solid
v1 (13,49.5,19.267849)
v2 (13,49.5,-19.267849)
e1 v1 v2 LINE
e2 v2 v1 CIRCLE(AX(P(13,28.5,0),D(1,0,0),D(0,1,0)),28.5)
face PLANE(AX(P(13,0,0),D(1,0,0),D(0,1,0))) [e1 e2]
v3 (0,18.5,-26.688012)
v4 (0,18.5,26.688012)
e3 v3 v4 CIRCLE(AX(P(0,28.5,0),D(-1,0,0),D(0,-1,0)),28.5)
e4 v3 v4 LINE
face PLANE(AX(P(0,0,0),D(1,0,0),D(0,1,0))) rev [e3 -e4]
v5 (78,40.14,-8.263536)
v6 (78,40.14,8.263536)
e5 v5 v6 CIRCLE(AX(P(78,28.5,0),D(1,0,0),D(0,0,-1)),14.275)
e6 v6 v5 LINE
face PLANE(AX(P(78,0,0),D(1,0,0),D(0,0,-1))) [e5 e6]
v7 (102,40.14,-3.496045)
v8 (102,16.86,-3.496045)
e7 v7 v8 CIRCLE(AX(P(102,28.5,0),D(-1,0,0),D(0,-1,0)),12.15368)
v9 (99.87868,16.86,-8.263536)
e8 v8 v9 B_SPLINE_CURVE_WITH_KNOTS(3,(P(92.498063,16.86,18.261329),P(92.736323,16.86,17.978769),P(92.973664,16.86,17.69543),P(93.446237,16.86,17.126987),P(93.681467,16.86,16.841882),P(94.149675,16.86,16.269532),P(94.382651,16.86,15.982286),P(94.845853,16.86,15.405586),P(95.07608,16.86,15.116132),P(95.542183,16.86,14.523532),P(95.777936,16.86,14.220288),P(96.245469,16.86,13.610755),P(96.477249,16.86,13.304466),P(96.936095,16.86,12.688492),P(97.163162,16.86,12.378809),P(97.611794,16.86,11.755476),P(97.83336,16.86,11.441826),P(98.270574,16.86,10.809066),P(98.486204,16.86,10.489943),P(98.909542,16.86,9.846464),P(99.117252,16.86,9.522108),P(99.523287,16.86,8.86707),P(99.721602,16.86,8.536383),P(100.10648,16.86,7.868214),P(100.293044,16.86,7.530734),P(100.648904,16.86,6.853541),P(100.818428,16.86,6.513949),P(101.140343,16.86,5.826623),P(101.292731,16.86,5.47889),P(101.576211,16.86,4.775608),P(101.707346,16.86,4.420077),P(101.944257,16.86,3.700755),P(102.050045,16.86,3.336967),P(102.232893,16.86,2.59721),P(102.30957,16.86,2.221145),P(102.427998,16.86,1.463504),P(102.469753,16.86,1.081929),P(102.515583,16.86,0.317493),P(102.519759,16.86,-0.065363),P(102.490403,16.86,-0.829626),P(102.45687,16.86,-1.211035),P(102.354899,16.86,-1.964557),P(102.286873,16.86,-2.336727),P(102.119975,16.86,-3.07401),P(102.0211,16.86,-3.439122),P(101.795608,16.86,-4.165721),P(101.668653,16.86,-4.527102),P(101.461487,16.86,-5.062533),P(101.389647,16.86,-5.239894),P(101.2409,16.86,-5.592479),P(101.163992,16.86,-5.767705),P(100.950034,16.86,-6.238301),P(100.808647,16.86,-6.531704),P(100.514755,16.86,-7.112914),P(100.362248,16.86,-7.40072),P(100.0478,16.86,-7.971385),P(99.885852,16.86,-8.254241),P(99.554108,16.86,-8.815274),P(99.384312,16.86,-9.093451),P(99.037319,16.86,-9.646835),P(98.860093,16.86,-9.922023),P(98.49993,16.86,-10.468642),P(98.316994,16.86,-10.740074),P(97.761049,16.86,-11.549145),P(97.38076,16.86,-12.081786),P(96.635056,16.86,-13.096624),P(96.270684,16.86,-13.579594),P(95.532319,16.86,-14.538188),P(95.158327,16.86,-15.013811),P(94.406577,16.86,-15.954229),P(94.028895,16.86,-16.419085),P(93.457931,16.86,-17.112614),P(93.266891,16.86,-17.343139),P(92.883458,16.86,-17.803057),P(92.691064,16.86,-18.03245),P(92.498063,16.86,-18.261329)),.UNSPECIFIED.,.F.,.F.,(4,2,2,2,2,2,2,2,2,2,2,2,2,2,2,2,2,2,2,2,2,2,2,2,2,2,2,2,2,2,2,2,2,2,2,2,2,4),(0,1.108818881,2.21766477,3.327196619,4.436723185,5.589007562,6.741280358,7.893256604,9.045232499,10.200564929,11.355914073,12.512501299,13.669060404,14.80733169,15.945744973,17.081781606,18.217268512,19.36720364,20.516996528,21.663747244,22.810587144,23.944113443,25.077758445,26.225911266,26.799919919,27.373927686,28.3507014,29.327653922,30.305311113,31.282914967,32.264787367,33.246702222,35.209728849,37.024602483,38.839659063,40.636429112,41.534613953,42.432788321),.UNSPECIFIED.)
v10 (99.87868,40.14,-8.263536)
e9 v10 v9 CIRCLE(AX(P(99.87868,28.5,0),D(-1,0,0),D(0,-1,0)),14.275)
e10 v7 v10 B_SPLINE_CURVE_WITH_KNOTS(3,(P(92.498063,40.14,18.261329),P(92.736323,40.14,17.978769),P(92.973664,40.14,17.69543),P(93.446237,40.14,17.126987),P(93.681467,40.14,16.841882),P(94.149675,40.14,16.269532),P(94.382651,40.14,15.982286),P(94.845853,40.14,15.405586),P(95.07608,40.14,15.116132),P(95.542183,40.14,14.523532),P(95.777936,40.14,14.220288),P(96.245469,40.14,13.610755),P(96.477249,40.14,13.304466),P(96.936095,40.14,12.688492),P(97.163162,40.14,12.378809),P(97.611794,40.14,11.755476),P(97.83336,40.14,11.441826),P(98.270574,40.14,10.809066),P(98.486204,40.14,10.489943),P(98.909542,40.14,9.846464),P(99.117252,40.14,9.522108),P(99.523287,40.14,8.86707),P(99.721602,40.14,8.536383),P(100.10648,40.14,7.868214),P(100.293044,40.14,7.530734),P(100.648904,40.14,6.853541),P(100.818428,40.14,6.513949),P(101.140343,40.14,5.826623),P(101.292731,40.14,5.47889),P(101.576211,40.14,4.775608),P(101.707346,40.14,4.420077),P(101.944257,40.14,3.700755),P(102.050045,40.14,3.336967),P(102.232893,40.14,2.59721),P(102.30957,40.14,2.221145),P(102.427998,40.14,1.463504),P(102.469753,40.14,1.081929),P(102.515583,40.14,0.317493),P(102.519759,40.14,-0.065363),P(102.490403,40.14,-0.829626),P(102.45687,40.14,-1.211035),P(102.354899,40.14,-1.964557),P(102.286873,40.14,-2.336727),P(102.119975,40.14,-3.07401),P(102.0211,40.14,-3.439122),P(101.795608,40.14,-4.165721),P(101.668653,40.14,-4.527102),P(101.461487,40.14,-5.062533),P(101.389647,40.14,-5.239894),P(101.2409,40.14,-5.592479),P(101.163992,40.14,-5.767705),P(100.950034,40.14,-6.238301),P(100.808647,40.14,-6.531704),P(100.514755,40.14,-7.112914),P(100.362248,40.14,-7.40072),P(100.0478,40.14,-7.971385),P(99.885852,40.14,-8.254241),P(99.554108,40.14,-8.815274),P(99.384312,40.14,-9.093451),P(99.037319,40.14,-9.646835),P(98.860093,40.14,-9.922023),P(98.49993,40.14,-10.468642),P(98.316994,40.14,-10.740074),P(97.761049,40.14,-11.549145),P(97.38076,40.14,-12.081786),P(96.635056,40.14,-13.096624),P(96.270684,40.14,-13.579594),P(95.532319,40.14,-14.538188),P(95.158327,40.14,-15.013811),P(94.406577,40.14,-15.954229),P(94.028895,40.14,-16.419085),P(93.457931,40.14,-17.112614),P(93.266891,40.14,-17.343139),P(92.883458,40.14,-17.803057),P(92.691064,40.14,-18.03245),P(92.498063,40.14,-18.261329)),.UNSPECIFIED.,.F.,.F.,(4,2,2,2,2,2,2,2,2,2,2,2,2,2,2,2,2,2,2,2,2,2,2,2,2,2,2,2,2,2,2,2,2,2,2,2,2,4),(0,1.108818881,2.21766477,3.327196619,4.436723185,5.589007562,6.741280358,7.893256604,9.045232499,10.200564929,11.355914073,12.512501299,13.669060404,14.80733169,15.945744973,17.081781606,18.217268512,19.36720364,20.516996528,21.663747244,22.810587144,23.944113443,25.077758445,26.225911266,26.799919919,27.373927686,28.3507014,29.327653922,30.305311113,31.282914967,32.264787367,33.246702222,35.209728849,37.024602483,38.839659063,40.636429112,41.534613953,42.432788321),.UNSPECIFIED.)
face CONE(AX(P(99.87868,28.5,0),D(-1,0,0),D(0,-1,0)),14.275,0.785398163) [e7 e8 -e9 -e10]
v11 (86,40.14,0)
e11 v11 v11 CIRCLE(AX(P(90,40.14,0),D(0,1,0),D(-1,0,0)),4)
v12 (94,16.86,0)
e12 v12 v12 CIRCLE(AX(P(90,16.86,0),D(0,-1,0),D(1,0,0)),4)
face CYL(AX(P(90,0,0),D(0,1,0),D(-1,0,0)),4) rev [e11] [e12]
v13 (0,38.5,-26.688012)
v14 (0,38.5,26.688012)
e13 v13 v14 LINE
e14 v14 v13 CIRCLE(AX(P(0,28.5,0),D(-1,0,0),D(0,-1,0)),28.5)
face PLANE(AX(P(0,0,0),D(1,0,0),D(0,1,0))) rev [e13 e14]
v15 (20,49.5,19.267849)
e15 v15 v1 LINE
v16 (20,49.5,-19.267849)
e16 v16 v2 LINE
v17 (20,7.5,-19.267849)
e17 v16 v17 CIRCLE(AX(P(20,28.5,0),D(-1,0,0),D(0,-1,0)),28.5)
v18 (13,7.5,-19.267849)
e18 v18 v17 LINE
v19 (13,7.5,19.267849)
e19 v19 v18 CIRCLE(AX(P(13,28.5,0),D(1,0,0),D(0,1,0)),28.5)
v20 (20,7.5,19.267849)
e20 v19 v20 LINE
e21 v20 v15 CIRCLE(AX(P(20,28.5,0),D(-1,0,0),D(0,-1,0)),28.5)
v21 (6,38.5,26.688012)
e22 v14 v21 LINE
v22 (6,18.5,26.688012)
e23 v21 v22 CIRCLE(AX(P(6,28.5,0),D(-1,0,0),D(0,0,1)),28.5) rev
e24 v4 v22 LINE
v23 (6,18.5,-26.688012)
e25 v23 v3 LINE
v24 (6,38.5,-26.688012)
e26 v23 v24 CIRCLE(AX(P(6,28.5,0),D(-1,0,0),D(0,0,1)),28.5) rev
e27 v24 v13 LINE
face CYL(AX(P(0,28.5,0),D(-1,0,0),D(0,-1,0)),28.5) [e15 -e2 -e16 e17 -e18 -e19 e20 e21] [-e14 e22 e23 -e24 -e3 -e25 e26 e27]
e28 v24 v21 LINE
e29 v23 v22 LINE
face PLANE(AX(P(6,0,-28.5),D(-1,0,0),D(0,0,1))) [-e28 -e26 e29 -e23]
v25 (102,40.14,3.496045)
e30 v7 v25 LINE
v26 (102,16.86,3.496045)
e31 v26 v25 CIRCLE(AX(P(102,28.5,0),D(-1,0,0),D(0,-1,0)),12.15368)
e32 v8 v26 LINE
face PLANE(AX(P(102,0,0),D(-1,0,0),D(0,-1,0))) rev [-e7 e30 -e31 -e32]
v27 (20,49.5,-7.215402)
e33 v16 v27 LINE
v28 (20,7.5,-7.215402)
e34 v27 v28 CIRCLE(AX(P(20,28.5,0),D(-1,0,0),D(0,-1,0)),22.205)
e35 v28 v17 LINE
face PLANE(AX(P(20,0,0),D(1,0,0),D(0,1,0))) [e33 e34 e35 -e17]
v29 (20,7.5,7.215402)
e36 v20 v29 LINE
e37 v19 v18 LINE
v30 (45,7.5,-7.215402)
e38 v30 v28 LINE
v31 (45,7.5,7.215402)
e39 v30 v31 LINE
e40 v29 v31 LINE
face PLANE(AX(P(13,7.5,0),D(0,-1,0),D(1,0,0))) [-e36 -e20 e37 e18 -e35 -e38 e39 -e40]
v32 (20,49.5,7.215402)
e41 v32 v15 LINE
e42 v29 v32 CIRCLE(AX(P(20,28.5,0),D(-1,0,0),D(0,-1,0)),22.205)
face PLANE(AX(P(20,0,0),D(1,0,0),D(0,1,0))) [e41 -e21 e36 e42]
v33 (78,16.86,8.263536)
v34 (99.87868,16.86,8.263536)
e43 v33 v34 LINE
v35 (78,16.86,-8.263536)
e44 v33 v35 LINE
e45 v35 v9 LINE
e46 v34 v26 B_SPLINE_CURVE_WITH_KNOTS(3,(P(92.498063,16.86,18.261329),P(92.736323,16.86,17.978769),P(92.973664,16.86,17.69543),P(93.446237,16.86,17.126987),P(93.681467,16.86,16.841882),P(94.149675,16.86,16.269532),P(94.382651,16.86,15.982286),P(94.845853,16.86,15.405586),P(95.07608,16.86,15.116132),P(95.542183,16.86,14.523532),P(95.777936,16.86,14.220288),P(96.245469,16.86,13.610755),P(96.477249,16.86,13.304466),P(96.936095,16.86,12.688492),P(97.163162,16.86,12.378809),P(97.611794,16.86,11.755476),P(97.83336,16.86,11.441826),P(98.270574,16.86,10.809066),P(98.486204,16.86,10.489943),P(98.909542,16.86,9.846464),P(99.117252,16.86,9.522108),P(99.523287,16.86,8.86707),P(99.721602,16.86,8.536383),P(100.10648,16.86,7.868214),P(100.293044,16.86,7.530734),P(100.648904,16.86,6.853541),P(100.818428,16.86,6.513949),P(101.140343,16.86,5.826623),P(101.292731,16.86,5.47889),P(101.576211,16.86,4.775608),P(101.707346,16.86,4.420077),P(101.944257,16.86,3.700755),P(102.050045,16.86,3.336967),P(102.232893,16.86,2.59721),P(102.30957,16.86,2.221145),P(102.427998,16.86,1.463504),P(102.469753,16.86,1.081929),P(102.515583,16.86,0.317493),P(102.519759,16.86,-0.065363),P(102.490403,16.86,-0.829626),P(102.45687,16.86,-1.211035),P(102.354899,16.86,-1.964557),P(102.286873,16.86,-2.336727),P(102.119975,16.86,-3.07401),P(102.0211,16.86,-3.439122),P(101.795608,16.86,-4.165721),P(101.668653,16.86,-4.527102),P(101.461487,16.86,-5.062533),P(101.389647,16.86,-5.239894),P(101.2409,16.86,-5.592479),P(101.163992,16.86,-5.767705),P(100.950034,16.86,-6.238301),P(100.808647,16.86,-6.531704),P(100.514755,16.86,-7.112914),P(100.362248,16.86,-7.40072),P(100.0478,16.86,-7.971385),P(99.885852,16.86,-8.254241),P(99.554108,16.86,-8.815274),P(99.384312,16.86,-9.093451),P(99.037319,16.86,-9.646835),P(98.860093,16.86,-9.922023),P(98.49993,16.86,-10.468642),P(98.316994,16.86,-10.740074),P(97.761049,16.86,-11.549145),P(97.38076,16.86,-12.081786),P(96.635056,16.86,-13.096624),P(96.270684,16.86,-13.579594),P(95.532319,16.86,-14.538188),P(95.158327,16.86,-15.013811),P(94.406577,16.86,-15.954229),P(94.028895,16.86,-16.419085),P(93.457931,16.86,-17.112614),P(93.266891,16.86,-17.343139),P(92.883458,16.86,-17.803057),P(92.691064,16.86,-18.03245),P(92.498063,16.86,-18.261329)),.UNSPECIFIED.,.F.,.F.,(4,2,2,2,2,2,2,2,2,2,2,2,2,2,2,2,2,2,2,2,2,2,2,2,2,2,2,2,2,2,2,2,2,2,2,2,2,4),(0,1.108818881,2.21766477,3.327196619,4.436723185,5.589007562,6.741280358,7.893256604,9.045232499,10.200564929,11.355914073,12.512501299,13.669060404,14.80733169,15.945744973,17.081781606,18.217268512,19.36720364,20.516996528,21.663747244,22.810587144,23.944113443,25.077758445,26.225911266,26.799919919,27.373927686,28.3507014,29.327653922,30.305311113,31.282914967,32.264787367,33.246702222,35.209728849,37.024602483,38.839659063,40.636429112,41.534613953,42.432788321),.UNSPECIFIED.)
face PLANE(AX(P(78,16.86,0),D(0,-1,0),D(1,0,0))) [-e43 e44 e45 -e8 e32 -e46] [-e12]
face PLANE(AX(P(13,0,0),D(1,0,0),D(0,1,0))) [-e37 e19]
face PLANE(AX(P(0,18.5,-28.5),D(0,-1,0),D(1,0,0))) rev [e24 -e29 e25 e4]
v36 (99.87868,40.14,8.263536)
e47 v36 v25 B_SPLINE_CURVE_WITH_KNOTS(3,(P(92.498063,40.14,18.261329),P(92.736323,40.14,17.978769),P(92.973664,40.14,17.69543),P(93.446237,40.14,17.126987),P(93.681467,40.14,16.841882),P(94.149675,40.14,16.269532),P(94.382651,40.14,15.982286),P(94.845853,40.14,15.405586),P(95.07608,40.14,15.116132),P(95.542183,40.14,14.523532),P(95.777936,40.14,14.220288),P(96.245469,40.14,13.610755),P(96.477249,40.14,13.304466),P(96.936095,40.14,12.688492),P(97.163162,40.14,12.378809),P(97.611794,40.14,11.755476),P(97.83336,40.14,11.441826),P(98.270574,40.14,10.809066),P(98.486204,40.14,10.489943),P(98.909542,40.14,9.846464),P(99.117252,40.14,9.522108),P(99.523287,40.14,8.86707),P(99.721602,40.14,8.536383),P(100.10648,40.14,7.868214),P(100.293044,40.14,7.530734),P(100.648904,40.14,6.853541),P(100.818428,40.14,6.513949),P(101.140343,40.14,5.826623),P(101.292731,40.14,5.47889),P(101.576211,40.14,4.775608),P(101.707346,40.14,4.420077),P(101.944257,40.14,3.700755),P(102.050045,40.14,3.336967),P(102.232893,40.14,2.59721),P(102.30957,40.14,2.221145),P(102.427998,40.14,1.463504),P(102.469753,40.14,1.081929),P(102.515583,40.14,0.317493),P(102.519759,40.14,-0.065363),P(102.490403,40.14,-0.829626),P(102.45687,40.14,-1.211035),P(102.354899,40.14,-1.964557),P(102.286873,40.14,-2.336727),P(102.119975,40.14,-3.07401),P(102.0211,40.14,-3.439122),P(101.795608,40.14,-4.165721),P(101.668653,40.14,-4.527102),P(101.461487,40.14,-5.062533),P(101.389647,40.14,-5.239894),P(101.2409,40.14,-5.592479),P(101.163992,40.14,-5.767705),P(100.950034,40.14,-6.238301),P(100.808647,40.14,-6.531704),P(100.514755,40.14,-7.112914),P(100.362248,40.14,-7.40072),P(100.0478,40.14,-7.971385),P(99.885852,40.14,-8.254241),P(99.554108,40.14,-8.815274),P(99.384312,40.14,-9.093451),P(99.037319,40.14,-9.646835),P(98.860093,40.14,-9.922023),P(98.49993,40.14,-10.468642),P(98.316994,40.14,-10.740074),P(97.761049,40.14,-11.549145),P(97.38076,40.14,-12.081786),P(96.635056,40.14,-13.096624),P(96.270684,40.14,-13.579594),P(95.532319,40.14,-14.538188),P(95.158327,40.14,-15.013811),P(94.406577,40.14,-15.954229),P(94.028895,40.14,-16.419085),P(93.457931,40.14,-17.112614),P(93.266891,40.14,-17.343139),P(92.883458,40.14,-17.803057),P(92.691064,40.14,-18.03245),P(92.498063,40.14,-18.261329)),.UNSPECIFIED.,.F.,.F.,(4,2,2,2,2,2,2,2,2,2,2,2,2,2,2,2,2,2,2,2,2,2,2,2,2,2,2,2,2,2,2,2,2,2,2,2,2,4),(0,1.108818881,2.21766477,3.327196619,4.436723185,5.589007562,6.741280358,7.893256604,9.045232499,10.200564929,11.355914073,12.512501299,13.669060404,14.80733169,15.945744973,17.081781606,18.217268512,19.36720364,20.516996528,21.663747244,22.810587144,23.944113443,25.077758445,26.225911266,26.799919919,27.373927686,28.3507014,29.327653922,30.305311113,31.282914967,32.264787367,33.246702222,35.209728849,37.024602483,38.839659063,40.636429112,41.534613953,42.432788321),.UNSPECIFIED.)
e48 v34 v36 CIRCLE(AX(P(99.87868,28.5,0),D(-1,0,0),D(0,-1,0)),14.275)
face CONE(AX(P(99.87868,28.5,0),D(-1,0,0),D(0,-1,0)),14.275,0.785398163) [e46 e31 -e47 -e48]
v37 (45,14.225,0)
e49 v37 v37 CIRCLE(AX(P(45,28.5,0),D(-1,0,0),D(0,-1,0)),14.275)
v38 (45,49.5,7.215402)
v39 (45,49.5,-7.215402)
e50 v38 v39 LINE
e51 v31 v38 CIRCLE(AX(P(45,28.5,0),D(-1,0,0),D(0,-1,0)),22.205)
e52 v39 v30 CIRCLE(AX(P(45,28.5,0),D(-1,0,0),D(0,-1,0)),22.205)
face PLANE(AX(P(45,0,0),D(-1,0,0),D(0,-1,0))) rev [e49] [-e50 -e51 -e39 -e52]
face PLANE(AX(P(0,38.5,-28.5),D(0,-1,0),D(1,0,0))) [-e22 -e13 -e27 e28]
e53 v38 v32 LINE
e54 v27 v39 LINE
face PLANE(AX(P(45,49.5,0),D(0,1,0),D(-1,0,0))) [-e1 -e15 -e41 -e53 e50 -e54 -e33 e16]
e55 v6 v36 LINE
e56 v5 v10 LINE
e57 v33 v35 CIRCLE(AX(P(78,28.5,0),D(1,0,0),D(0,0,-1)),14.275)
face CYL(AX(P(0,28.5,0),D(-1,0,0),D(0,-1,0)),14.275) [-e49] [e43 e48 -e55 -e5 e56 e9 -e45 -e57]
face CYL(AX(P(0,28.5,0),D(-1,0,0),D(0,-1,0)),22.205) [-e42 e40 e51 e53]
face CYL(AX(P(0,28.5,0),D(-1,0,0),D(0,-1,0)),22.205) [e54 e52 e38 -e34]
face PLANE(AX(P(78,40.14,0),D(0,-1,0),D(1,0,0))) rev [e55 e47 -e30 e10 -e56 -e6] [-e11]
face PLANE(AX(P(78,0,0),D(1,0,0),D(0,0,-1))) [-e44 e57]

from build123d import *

# Parameters (mm, degrees)
CUT_EXTRUDE1_DEPTH      = 121.271567712
CUT_EXTRUDE1_DEPTH_BACK = 121.271567712
SKETCH1_6_W             = 6
SKETCH1_6_H             = 20
CUT_EXTRUDE2_DEPTH      = 24
SKETCH3_R               = 4
CUT_EXTRUDE3_DEPTH      = 114.258419555
CUT_EXTRUDE4_DEPTH      = 25
CUT_EXTRUDE4_DEPTH_BACK = 7


with BuildPart() as part:
    # Sketch1 → Revolve2 (revolve)
    with BuildSketch(Plane.XY):
        Polygon((0, 0), (20, 0), (20, 6.295), (45, 6.295), (45, 14.225), (99.878679656, 14.225), (102, 16.346320344), (102, 28.5), (0, 28.5), align=None)
    revolve(axis=Axis((0, 28.5, 0), (1, 0, 0)))

    # Sketch1<6> → Cut-Extrude1 (cut, two sides: drawn at the far end of the back side and taken through both)
    with BuildSketch(Plane.XY.offset(-CUT_EXTRUDE1_DEPTH_BACK)):
        with Locations((3, 28.5)):
            Rectangle(SKETCH1_6_W, SKETCH1_6_H)
    extrude(amount=CUT_EXTRUDE1_DEPTH + CUT_EXTRUDE1_DEPTH_BACK, mode=Mode.SUBTRACT)

    # Sketch2 → Cut-Extrude2 (cut)
    with BuildSketch(Plane(origin=(102, 0, 0), x_dir=(0, 0, -1), z_dir=(1, 0, 0))):
        with BuildLine():
            ThreePointArc((8.263535865, 40.14), (0, 42.775), (-8.263535865, 40.14))
            Line((-8.263535865, 40.14), (8.263535865, 40.14))
        make_face()
        with BuildLine():
            ThreePointArc((-8.263535865, 16.86), (0, 14.225), (8.263535865, 16.86))
            Line((8.263535865, 16.86), (-8.263535865, 16.86))
        make_face()
    extrude(amount=-CUT_EXTRUDE2_DEPTH, mode=Mode.SUBTRACT)

    # Sketch3 → Cut-Extrude3 (cut, through all)
    with BuildSketch(Plane(origin=(0, 40.14, 0), x_dir=(1, 0, 0), z_dir=(0, 1, 0))):
        with Locations((90, 0)):
            Circle(SKETCH3_R)
    extrude(amount=-CUT_EXTRUDE3_DEPTH, mode=Mode.SUBTRACT)

    # Sketch4 → Cut-Extrude4 (cut, two sides: drawn at the far end of the back side and taken through both)
    with BuildSketch(Plane(origin=(20, 0, 0), x_dir=(0, 0, -1), z_dir=(1, 0, 0)).offset(-CUT_EXTRUDE4_DEPTH_BACK)):
        with BuildLine():
            ThreePointArc((19.267848868, 49.5), (0, 57), (-19.267848868, 49.5))
            Line((-19.267848868, 49.5), (19.267848868, 49.5))
        make_face()
        with BuildLine():
            ThreePointArc((-19.267848868, 7.5), (0, 0), (19.267848868, 7.5))
            Line((19.267848868, 7.5), (-19.267848868, 7.5))
        make_face()
    extrude(amount=CUT_EXTRUDE4_DEPTH + CUT_EXTRUDE4_DEPTH_BACK, mode=Mode.SUBTRACT)


solid = part.part
